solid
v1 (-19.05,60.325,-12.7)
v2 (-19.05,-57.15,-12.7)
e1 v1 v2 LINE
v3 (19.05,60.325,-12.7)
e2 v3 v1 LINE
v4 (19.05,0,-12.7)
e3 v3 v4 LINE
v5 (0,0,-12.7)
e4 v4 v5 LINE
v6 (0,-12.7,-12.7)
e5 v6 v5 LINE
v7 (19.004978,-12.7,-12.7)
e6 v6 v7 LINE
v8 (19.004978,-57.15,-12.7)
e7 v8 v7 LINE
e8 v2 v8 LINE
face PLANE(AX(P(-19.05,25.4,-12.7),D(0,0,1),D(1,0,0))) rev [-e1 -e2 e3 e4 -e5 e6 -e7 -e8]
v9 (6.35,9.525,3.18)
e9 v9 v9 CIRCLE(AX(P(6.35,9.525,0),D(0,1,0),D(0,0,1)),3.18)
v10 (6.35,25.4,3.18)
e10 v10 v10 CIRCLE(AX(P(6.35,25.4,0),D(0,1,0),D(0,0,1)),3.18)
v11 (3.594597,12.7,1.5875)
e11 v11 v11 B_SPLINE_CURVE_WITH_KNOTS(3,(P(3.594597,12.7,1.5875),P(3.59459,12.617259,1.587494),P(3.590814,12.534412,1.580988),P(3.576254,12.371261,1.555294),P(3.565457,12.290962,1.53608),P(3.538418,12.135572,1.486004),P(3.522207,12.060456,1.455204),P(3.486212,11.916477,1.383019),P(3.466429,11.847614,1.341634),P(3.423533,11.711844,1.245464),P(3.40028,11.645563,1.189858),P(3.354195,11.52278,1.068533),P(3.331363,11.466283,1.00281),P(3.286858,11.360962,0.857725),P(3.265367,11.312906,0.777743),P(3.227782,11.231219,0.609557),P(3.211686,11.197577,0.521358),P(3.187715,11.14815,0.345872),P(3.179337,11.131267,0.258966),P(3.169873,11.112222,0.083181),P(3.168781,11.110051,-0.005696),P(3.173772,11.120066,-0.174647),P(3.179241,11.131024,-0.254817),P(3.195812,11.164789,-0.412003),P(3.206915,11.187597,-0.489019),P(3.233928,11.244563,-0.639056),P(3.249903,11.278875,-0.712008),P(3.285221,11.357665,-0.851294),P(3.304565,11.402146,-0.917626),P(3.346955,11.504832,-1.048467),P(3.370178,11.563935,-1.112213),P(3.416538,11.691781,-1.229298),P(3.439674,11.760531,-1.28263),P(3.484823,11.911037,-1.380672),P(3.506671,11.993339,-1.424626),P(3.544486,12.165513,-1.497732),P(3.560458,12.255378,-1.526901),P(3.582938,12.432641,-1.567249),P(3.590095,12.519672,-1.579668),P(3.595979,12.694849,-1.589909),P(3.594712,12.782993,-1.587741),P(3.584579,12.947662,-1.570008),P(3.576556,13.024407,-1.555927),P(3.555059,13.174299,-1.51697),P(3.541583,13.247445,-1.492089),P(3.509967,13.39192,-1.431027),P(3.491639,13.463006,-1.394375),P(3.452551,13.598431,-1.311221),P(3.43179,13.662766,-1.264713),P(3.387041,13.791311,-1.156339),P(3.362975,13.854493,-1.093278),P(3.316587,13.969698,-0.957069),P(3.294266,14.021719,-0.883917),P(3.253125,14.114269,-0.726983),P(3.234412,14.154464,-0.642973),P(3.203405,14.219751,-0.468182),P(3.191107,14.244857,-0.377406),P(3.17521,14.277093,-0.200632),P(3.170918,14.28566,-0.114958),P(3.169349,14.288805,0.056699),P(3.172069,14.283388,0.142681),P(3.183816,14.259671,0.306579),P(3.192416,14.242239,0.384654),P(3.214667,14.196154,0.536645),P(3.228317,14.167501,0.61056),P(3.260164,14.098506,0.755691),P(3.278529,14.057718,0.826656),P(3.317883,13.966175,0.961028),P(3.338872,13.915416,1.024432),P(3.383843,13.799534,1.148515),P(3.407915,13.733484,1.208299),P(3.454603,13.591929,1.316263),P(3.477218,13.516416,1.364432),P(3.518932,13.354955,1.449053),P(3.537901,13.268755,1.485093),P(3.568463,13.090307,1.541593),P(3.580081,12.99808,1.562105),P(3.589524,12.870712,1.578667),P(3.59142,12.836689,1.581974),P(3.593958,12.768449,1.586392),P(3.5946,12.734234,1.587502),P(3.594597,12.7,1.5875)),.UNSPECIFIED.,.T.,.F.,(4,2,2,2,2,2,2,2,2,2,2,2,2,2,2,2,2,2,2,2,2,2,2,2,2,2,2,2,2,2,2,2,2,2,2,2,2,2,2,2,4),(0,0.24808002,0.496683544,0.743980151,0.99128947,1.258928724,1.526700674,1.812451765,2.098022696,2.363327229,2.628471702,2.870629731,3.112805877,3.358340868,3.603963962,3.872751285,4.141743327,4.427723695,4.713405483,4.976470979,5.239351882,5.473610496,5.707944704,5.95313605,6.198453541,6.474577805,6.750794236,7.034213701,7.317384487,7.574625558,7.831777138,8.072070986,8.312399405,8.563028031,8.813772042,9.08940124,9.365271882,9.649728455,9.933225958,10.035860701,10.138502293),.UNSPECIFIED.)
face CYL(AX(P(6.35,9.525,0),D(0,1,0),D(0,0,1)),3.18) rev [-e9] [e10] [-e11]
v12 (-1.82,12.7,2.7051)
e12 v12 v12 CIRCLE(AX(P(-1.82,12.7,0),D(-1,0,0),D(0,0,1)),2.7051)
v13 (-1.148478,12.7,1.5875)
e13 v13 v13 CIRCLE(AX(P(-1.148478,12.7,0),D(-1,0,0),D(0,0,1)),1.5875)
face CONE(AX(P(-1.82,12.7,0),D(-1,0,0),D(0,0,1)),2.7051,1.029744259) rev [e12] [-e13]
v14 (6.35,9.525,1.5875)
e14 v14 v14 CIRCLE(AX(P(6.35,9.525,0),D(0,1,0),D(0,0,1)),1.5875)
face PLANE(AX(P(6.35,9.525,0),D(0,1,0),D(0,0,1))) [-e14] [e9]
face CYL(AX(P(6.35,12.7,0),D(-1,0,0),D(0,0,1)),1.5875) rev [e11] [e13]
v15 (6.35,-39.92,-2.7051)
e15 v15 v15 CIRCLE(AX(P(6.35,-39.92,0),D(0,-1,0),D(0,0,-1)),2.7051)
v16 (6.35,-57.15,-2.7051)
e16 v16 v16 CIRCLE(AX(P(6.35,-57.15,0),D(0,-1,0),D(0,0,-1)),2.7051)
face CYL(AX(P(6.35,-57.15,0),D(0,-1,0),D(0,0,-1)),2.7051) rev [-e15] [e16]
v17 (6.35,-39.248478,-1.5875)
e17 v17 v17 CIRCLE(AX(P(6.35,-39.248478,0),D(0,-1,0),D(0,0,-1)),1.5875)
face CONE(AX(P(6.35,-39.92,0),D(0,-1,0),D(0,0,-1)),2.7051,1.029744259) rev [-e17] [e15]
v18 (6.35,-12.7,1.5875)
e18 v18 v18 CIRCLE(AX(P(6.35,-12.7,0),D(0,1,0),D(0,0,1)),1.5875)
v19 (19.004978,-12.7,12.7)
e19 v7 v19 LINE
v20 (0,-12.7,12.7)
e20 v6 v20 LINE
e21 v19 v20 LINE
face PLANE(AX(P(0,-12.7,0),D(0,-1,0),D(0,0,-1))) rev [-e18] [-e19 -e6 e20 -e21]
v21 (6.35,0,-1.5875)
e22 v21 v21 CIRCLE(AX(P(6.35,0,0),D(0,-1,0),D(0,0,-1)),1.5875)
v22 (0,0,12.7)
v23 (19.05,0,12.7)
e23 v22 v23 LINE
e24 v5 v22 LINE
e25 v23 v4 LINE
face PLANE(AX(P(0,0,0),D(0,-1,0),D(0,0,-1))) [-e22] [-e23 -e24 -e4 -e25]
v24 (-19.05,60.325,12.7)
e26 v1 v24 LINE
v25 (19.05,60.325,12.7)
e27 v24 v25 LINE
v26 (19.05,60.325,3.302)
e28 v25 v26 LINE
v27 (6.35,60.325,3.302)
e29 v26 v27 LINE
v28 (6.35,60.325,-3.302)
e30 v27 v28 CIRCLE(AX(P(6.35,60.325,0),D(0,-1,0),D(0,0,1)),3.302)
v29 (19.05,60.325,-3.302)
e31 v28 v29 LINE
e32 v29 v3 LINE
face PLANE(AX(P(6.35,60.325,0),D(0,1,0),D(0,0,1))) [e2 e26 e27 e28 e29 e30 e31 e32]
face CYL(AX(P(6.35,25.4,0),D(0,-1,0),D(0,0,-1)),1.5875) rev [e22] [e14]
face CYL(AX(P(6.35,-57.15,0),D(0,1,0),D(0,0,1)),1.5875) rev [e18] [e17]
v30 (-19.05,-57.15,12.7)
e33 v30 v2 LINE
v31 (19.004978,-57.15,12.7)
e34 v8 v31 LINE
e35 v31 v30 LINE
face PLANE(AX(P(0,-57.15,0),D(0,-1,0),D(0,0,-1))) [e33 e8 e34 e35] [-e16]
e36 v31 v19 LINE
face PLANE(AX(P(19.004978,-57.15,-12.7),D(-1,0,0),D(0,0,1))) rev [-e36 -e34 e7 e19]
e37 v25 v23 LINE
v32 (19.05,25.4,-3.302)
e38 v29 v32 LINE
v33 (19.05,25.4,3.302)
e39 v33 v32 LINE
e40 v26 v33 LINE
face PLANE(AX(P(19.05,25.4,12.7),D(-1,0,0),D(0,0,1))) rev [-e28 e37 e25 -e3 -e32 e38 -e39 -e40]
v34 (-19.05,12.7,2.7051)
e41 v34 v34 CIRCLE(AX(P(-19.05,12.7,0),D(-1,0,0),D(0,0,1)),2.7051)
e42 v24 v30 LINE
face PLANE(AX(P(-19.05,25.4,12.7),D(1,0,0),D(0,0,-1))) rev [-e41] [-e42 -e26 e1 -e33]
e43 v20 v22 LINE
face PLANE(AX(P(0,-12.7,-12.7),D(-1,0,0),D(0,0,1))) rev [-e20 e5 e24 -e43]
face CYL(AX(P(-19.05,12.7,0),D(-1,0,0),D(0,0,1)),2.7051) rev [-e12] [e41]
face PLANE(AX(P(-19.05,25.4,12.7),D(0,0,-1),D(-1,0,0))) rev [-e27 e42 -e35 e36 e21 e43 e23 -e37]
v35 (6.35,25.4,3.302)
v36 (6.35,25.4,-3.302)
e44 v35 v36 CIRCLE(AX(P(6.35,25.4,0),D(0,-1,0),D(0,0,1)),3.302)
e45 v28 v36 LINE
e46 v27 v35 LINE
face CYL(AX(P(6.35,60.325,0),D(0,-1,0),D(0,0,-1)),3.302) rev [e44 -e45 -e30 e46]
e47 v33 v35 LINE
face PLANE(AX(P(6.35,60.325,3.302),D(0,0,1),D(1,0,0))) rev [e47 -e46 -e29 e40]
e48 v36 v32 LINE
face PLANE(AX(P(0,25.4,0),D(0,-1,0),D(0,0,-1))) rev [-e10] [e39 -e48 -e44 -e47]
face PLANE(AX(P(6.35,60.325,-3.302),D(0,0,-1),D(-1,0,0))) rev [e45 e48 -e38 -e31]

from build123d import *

# Parameters (mm, degrees)
SKETCH1_W                   = 38.1
SKETCH1_H                   = 25.4
BOSS_EXTRUDE1_DEPTH         = 25.4
SKETCH3_R                   = 1.5875
CUT_EXTRUDE2_DEPTH          = 25.4
F_1_4_28_TAPPED_HOLE1_D     = 5.4102
F_1_4_28_TAPPED_HOLE1_DEPTH = 17.23
F_1_4_28_TAPPED_HOLE1_TIP   = 1.625388061
SKETCH2_R                   = 3.18
CUT_EXTRUDE6_DEPTH          = 15.875
SKETCH8_R                   = 1.5875
CUT_EXTRUDE7_DEPTH          = 35.1957966
SKETCH9_W                   = 19.05
SKETCH9_H                   = 25.4
BOSS_EXTRUDE2_DEPTH         = 12.7
SKETCH12_W                  = 38.05497839
SKETCH12_H                  = 25.4
BOSS_EXTRUDE3_DEPTH         = 44.45
CUT_EXTRUDE8_START          = -44.45
SKETCH14_R                  = 1.5875
CUT_EXTRUDE8_DEPTH          = 44.45
F_1_4_28_TAPPED_HOLE2_D     = 5.4102
F_1_4_28_TAPPED_HOLE2_DEPTH = 17.23
F_1_4_28_TAPPED_HOLE2_TIP   = 1.625388061
BOSS_EXTRUDE6_DEPTH         = 34.925


with BuildPart() as part:
    # Sketch1 → Boss-Extrude1 (new body)
    with BuildSketch(Plane(origin=(0, 0, 0), x_dir=(1, 0, 0), z_dir=(0, 1, 0))):
        Rectangle(SKETCH1_W, SKETCH1_H)
    extrude(amount=BOSS_EXTRUDE1_DEPTH)

    # Sketch3 → Cut-Extrude2 (cut)
    with BuildSketch(Plane.ZY.offset(19.05)):
        with Locations((0, 12.7)):
            Circle(SKETCH3_R)
    extrude(amount=-CUT_EXTRUDE2_DEPTH, mode=Mode.SUBTRACT)

    # 1/4-28 Tapped Hole1
    with Locations(Plane.ZY.offset(19.05)):
        with Locations((0, 12.7)):
            Hole(F_1_4_28_TAPPED_HOLE1_D / 2, depth=F_1_4_28_TAPPED_HOLE1_DEPTH)
            with Locations((0, 0, -(F_1_4_28_TAPPED_HOLE1_DEPTH + F_1_4_28_TAPPED_HOLE1_TIP / 2))):  # 118° drill point
                Cone(0, F_1_4_28_TAPPED_HOLE1_D / 2, F_1_4_28_TAPPED_HOLE1_TIP, mode=Mode.SUBTRACT)

    # Sketch2 → Cut-Extrude6 (cut)
    with BuildSketch(Plane(origin=(0, 25.4, 0), x_dir=(1, 0, 0), z_dir=(0, 1, 0))):
        with Locations(Location((6.35, 0, 0), (0, 0, 270))):
            Circle(SKETCH2_R)
    extrude(amount=-CUT_EXTRUDE6_DEPTH, mode=Mode.SUBTRACT)

    # Sketch8 → Cut-Extrude7 (cut, through all)
    with BuildSketch(Plane.XZ):
        with Locations(Location((6.35, 0, 0), (0, 0, 270))):
            Circle(SKETCH8_R)
    extrude(amount=-CUT_EXTRUDE7_DEPTH, mode=Mode.SUBTRACT)

    # Sketch9 → Boss-Extrude2 (add)
    with BuildSketch(Plane.XZ):
        with Locations((-9.525, 0)):
            Rectangle(SKETCH9_W, SKETCH9_H)
    extrude(amount=BOSS_EXTRUDE2_DEPTH)

    # Sketch12 → Boss-Extrude3 (add)
    with BuildSketch(Plane.XZ.offset(12.7)):
        with Locations((-0.022510805, 0)):
            Rectangle(SKETCH12_W, SKETCH12_H)
    extrude(amount=BOSS_EXTRUDE3_DEPTH)

    # Sketch14 → Cut-Extrude8 (cut)
    with BuildSketch(Plane(origin=(0, -12.7, 0), x_dir=(1, 0, 0), z_dir=(0, 1, 0)).offset(CUT_EXTRUDE8_START)):
        with Locations(Location((6.35, 0, 0), (0, 0, 90))):
            Circle(SKETCH14_R)
    extrude(amount=CUT_EXTRUDE8_DEPTH, mode=Mode.SUBTRACT)

    # 1/4-28 Tapped Hole2
    with Locations(Plane(origin=(0, -57.15, 0), x_dir=(-1, 0, 0), z_dir=(0, -1, 0))):
        with Locations((-6.35, 0)):
            Hole(F_1_4_28_TAPPED_HOLE2_D / 2, depth=F_1_4_28_TAPPED_HOLE2_DEPTH)
            with Locations((0, 0, -(F_1_4_28_TAPPED_HOLE2_DEPTH + F_1_4_28_TAPPED_HOLE2_TIP / 2))):  # 118° drill point
                Cone(0, F_1_4_28_TAPPED_HOLE2_D / 2, F_1_4_28_TAPPED_HOLE2_TIP, mode=Mode.SUBTRACT)

    # Sketch24 → Boss-Extrude6 (add)
    with BuildSketch(Plane(origin=(0, 25.4, 0), x_dir=(1, 0, 0), z_dir=(0, 1, 0))):
        with BuildLine():
            Line((6.35, -3.302), (19.05, -3.302))
            Line((19.05, -3.302), (19.05, -12.7))
            Line((19.05, -12.7), (-19.05, -12.7))
            Line((-19.05, -12.7), (-19.05, 12.7))
            Line((-19.05, 12.7), (19.05, 12.7))
            Line((19.05, 12.7), (19.05, 3.302))
            Line((19.05, 3.302), (6.35, 3.302))
            ThreePointArc((6.35, 3.302), (3.048, 0), (6.35, -3.302))
        make_face()
    extrude(amount=BOSS_EXTRUDE6_DEPTH)


solid = part.part
